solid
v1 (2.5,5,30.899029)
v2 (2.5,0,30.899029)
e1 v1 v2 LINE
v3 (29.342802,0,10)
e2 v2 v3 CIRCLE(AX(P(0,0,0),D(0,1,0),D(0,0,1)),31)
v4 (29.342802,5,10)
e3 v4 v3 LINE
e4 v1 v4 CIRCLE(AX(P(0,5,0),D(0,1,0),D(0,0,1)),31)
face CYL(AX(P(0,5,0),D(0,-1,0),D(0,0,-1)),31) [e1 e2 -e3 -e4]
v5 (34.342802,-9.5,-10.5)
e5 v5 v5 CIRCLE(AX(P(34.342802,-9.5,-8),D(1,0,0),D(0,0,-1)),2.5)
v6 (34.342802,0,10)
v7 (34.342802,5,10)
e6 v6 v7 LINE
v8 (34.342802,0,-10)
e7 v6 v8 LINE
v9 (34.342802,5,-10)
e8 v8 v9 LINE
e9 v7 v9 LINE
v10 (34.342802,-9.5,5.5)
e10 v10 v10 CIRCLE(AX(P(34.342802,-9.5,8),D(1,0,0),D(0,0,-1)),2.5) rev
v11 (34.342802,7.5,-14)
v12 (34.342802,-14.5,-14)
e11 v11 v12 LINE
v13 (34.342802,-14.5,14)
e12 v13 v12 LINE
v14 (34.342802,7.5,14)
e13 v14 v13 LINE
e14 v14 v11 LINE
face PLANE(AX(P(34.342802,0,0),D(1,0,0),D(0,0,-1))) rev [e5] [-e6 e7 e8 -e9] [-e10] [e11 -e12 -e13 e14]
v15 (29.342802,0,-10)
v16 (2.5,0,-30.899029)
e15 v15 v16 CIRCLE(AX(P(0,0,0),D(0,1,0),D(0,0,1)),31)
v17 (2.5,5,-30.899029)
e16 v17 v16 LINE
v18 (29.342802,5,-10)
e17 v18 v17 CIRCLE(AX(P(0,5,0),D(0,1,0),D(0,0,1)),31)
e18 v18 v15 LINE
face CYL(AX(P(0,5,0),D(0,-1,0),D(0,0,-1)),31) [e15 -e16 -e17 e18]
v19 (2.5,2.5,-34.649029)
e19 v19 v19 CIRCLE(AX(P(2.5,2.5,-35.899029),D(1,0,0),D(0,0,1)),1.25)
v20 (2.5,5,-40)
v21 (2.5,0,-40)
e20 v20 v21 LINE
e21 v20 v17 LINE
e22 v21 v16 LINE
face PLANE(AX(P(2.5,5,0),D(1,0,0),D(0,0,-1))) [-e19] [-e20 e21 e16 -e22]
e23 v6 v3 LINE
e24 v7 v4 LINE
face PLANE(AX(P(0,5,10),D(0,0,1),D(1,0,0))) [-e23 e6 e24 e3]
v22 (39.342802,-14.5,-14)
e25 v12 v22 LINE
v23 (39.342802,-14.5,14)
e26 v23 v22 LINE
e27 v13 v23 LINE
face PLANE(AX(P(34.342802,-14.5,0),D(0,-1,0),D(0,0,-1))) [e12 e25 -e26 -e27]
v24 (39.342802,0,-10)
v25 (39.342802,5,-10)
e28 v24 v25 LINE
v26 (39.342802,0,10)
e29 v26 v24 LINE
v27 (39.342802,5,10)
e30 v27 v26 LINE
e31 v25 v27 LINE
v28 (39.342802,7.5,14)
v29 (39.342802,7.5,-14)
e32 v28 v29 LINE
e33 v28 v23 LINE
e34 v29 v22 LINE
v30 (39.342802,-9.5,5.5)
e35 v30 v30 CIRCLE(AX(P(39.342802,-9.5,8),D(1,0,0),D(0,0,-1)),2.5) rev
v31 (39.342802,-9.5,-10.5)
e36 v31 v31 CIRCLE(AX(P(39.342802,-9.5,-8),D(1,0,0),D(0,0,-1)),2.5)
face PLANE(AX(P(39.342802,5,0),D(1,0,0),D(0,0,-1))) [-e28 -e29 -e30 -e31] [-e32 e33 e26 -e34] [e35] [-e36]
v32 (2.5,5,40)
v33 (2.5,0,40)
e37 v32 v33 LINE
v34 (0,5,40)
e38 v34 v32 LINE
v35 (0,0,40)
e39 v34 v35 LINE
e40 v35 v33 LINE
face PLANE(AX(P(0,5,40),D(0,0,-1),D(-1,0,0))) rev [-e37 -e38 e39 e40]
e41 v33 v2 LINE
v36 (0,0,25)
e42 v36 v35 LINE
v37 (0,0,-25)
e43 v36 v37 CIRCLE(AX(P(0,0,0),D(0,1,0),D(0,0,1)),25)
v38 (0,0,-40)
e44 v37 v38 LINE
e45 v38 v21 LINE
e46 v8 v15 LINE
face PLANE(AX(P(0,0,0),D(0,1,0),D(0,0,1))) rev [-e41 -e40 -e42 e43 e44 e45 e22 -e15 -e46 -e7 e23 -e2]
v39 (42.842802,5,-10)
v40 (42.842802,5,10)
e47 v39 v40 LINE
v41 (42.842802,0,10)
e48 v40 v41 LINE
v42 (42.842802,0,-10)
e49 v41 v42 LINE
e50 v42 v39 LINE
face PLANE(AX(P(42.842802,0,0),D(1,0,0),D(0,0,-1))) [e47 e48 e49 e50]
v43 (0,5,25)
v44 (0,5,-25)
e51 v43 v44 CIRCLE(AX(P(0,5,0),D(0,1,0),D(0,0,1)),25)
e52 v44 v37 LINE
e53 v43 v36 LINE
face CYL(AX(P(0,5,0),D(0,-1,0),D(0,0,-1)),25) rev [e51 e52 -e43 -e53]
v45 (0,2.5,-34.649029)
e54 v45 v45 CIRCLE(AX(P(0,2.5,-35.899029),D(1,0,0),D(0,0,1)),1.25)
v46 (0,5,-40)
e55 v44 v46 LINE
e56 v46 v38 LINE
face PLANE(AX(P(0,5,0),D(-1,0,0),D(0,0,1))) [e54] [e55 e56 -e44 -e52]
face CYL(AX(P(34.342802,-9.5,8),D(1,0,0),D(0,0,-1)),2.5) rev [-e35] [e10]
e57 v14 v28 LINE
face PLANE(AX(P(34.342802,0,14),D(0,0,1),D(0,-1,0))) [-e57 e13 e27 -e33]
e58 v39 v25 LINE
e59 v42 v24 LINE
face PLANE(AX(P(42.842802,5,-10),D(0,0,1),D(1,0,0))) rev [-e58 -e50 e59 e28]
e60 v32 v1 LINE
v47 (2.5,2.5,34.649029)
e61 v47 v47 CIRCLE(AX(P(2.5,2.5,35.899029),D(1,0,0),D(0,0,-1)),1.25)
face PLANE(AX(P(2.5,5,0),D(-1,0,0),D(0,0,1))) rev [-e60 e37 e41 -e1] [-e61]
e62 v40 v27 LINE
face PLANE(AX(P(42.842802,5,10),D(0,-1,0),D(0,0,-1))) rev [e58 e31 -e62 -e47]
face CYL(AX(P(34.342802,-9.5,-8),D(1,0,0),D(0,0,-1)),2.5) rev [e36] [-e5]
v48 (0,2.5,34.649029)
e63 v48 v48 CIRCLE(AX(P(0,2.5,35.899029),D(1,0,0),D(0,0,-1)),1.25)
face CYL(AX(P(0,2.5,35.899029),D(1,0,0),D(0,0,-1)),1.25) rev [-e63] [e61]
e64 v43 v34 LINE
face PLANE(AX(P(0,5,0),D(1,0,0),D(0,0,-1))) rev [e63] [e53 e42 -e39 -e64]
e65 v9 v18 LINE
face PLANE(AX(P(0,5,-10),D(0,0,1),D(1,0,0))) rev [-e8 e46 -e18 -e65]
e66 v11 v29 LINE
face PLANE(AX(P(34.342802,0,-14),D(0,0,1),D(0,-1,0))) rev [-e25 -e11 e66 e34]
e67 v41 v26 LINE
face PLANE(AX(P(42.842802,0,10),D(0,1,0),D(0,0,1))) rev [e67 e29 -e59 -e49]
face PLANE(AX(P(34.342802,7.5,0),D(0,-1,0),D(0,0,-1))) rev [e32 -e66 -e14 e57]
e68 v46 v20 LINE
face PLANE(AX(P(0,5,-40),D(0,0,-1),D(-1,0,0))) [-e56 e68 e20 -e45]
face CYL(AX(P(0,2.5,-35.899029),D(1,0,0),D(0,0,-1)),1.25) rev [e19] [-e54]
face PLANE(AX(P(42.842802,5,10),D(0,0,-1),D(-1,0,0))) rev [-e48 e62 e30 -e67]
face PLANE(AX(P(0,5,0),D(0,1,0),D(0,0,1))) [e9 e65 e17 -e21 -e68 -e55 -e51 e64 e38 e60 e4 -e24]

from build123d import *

# Parameters (mm, degrees)
BOSS_EXTRUDE1_DEPTH = 5
SKETCH4_W           = 28
SKETCH4_H           = 22
SKETCH4_R           = 2.5
BOSS_EXTRUDE3_DEPTH = 5
SKETCH6_W           = 20
SKETCH6_H           = 5
BOSS_EXTRUDE4_DEPTH = 3.5
SKETCH8_R           = 1.25
CUT_EXTRUDE1_DEPTH  = 3.5


with BuildPart() as part:
    # Sketch1 → Boss-Extrude1 (new body)
    with BuildSketch(Plane(origin=(0, 0, 0), x_dir=(1, 0, 0), z_dir=(0, 1, 0))):
        with BuildLine():
            Line((0, -25), (0, -40))
            Line((0, -40), (2.5, -40))
            Line((2.5, -40), (2.5, -30.899029111))
            ThreePointArc((2.5, -30.899029111), (19.044247329, -24.460511926), (29.342801502, -10))
            Line((29.342801502, -10), (39.342801502, -10))
            Line((39.342801502, -10), (39.342801502, 10))
            Line((39.342801502, 10), (29.342801502, 10))
            ThreePointArc((29.342801502, 10), (19.044247329, 24.460511926), (2.5, 30.899029111))
            Line((2.5, 30.899029111), (2.5, 40))
            Line((2.5, 40), (0, 40))
            Line((0, 40), (0, 25))
            ThreePointArc((0, 25), (25, 0), (0, -25))
        make_face()
    extrude(amount=BOSS_EXTRUDE1_DEPTH)

    # Sketch4 → Boss-Extrude3 (add)
    with BuildSketch(Plane(origin=(39.342801502, 0, 0), x_dir=(0, 0, -1), z_dir=(1, 0, 0))):
        with Locations((0, -3.5)):
            Rectangle(SKETCH4_W, SKETCH4_H)
        with Locations((8, -9.5)):
            Circle(SKETCH4_R, mode=Mode.SUBTRACT)
        with Locations((-8, -9.5)):
            Circle(SKETCH4_R, mode=Mode.SUBTRACT)
    extrude(amount=-BOSS_EXTRUDE3_DEPTH)

    # Sketch6 → Boss-Extrude4 (add)
    with BuildSketch(Plane(origin=(39.342801502, 0, 0), x_dir=(0, 0, -1), z_dir=(1, 0, 0))):
        with Locations((0, 2.5)):
            Rectangle(SKETCH6_W, SKETCH6_H)
    extrude(amount=BOSS_EXTRUDE4_DEPTH)

    # Sketch8 → Cut-Extrude1 (cut, through all)
    with BuildSketch(Plane(origin=(2.5, 0, 0), x_dir=(0, 0, -1), z_dir=(1, 0, 0))):
        with Locations((-35.899029111, 2.5)):
            Circle(SKETCH8_R)
        with Locations((35.899029111, 2.5)):
            Circle(SKETCH8_R)
    extrude(amount=-CUT_EXTRUDE1_DEPTH, mode=Mode.SUBTRACT)


solid = part.part
